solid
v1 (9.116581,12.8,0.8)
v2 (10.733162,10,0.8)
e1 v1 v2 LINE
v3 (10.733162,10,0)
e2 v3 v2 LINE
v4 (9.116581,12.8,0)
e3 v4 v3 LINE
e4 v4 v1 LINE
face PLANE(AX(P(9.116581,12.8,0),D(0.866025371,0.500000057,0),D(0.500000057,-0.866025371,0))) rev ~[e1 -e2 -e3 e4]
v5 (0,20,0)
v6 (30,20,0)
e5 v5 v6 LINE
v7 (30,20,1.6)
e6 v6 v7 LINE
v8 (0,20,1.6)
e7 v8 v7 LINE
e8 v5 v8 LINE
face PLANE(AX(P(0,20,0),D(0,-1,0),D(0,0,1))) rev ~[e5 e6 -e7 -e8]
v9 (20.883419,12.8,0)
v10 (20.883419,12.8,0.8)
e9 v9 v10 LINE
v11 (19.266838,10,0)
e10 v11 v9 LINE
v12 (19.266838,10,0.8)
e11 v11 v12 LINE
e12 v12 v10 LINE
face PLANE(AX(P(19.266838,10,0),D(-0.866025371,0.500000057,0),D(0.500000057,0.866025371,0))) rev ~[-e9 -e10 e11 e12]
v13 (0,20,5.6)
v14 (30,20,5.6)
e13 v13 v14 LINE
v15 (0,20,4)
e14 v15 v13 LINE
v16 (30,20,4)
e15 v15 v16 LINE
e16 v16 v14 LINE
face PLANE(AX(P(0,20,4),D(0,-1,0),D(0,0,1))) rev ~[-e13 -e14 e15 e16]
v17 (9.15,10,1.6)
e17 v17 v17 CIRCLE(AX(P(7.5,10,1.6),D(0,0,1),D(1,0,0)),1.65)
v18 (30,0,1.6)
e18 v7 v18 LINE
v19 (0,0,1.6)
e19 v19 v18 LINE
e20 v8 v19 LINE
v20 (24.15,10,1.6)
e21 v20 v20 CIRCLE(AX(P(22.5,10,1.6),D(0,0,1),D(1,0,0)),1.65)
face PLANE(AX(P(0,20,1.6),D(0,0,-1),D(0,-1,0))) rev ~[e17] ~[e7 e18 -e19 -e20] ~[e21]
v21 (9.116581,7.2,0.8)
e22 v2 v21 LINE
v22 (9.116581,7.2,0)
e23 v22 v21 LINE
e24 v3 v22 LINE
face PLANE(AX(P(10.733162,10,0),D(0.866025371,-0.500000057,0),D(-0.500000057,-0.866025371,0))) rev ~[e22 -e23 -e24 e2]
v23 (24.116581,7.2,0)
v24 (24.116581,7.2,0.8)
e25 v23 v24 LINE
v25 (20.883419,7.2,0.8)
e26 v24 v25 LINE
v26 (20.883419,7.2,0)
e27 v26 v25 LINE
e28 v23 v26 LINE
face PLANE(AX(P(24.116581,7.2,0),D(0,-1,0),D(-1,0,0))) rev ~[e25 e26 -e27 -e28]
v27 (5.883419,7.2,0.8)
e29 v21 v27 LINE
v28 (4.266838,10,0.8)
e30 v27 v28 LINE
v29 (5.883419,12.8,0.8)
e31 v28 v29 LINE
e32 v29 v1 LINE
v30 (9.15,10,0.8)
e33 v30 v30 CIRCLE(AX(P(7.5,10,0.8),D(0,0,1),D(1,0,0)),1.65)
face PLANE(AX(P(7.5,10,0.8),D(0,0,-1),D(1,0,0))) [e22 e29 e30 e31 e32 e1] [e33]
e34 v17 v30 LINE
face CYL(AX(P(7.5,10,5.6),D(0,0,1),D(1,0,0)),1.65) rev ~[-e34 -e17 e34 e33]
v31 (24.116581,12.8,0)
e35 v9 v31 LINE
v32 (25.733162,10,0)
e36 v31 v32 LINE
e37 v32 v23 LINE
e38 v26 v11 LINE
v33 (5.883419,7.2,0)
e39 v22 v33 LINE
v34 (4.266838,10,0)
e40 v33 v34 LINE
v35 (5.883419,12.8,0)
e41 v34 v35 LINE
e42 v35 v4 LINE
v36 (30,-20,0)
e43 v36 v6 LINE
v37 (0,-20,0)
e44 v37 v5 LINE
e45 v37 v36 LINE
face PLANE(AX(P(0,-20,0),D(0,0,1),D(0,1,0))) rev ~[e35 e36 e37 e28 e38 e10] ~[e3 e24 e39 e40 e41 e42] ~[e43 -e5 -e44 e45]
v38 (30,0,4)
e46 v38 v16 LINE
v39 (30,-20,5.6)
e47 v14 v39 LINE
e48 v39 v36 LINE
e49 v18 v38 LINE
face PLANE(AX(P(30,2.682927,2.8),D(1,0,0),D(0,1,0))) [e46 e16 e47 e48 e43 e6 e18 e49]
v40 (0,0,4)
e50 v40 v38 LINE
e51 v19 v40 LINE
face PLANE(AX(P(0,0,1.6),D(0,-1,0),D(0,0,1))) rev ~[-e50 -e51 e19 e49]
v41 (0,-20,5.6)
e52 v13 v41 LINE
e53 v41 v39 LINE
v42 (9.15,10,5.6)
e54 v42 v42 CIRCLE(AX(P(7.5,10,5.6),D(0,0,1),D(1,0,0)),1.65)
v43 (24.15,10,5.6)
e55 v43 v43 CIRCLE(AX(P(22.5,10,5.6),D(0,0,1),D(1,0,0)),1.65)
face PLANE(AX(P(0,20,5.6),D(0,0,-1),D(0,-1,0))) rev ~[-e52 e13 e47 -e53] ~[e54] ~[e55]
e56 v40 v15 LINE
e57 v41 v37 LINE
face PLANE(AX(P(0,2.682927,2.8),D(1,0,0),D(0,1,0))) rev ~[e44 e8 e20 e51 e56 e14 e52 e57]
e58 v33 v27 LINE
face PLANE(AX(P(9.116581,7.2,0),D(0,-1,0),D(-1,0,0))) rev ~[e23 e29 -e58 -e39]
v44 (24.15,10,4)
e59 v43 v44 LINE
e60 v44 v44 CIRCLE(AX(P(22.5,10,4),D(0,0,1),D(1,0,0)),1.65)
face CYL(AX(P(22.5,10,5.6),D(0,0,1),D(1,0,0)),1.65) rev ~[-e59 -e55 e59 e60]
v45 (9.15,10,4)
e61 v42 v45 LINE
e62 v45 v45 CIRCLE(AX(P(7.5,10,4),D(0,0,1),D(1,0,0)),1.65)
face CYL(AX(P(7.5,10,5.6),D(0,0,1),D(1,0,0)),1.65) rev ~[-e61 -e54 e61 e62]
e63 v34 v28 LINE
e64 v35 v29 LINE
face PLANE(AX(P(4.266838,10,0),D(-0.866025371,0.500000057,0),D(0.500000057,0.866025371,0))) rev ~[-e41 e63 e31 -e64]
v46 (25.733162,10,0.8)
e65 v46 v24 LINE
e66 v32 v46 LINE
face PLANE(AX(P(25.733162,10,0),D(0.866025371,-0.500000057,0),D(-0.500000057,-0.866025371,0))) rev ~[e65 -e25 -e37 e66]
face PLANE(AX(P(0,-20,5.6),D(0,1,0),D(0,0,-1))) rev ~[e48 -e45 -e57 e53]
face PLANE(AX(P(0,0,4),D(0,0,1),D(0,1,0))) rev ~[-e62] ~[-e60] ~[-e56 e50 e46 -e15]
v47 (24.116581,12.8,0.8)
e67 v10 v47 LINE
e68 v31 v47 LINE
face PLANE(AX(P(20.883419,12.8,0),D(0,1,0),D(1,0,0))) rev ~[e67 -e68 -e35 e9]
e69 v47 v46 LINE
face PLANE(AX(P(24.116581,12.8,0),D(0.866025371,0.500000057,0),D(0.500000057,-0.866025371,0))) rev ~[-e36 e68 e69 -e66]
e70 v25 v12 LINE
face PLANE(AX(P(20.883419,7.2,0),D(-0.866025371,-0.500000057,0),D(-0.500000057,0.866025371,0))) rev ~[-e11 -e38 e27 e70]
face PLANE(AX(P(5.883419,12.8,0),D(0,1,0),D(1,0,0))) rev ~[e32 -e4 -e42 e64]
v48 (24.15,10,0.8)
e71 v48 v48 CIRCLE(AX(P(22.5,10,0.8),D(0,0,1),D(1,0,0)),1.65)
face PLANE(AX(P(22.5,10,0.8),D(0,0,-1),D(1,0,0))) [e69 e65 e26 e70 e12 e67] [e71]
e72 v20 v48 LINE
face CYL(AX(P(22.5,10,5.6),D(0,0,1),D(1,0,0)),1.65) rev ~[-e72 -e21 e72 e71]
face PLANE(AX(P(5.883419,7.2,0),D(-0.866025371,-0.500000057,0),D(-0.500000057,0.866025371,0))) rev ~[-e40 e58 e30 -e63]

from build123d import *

# Parameters (mm, degrees)
F1_DEPTH = 30
F2_R     = 1.65
F3_DEPTH = 5.6
F5_DEPTH = 0.8


with BuildPart() as f1:
    # F0 (on Right) → F1 (new body)
    with BuildSketch(Plane.YZ):
        Polygon((-20, 5.6), (-20, 0), (20, 0), (20, 1.6), (0, 1.6), (0, 4), (20, 4), (20, 5.6), align=None)
    extrude(amount=F1_DEPTH)

    # F2 (on face) → F3 (cut, through all)
    with BuildSketch(Plane.XY.offset(5.6)):
        with Locations((7.5, 10)):
            Circle(F2_R)
        with Locations((22.5, 10)):
            Circle(F2_R)
    extrude(amount=-F3_DEPTH, mode=Mode.SUBTRACT)

    # F4 (on face) → F5 (cut)
    with BuildSketch(Plane(origin=(0, 0, 0), x_dir=(1, 0, 0), z_dir=(0, 0, -1))):
        Polygon((25.733162, -10), (24.116581, -7.2), (20.883419, -7.2), (19.266838, -10), (20.883419, -12.8), (24.116581, -12.8), align=None)
        Polygon((10.733162, -10), (9.116581, -7.2), (5.883419, -7.2), (4.266838, -10), (5.883419, -12.8), (9.116581, -12.8), align=None)
    extrude(amount=-F5_DEPTH, mode=Mode.SUBTRACT)


solid = f1.part
